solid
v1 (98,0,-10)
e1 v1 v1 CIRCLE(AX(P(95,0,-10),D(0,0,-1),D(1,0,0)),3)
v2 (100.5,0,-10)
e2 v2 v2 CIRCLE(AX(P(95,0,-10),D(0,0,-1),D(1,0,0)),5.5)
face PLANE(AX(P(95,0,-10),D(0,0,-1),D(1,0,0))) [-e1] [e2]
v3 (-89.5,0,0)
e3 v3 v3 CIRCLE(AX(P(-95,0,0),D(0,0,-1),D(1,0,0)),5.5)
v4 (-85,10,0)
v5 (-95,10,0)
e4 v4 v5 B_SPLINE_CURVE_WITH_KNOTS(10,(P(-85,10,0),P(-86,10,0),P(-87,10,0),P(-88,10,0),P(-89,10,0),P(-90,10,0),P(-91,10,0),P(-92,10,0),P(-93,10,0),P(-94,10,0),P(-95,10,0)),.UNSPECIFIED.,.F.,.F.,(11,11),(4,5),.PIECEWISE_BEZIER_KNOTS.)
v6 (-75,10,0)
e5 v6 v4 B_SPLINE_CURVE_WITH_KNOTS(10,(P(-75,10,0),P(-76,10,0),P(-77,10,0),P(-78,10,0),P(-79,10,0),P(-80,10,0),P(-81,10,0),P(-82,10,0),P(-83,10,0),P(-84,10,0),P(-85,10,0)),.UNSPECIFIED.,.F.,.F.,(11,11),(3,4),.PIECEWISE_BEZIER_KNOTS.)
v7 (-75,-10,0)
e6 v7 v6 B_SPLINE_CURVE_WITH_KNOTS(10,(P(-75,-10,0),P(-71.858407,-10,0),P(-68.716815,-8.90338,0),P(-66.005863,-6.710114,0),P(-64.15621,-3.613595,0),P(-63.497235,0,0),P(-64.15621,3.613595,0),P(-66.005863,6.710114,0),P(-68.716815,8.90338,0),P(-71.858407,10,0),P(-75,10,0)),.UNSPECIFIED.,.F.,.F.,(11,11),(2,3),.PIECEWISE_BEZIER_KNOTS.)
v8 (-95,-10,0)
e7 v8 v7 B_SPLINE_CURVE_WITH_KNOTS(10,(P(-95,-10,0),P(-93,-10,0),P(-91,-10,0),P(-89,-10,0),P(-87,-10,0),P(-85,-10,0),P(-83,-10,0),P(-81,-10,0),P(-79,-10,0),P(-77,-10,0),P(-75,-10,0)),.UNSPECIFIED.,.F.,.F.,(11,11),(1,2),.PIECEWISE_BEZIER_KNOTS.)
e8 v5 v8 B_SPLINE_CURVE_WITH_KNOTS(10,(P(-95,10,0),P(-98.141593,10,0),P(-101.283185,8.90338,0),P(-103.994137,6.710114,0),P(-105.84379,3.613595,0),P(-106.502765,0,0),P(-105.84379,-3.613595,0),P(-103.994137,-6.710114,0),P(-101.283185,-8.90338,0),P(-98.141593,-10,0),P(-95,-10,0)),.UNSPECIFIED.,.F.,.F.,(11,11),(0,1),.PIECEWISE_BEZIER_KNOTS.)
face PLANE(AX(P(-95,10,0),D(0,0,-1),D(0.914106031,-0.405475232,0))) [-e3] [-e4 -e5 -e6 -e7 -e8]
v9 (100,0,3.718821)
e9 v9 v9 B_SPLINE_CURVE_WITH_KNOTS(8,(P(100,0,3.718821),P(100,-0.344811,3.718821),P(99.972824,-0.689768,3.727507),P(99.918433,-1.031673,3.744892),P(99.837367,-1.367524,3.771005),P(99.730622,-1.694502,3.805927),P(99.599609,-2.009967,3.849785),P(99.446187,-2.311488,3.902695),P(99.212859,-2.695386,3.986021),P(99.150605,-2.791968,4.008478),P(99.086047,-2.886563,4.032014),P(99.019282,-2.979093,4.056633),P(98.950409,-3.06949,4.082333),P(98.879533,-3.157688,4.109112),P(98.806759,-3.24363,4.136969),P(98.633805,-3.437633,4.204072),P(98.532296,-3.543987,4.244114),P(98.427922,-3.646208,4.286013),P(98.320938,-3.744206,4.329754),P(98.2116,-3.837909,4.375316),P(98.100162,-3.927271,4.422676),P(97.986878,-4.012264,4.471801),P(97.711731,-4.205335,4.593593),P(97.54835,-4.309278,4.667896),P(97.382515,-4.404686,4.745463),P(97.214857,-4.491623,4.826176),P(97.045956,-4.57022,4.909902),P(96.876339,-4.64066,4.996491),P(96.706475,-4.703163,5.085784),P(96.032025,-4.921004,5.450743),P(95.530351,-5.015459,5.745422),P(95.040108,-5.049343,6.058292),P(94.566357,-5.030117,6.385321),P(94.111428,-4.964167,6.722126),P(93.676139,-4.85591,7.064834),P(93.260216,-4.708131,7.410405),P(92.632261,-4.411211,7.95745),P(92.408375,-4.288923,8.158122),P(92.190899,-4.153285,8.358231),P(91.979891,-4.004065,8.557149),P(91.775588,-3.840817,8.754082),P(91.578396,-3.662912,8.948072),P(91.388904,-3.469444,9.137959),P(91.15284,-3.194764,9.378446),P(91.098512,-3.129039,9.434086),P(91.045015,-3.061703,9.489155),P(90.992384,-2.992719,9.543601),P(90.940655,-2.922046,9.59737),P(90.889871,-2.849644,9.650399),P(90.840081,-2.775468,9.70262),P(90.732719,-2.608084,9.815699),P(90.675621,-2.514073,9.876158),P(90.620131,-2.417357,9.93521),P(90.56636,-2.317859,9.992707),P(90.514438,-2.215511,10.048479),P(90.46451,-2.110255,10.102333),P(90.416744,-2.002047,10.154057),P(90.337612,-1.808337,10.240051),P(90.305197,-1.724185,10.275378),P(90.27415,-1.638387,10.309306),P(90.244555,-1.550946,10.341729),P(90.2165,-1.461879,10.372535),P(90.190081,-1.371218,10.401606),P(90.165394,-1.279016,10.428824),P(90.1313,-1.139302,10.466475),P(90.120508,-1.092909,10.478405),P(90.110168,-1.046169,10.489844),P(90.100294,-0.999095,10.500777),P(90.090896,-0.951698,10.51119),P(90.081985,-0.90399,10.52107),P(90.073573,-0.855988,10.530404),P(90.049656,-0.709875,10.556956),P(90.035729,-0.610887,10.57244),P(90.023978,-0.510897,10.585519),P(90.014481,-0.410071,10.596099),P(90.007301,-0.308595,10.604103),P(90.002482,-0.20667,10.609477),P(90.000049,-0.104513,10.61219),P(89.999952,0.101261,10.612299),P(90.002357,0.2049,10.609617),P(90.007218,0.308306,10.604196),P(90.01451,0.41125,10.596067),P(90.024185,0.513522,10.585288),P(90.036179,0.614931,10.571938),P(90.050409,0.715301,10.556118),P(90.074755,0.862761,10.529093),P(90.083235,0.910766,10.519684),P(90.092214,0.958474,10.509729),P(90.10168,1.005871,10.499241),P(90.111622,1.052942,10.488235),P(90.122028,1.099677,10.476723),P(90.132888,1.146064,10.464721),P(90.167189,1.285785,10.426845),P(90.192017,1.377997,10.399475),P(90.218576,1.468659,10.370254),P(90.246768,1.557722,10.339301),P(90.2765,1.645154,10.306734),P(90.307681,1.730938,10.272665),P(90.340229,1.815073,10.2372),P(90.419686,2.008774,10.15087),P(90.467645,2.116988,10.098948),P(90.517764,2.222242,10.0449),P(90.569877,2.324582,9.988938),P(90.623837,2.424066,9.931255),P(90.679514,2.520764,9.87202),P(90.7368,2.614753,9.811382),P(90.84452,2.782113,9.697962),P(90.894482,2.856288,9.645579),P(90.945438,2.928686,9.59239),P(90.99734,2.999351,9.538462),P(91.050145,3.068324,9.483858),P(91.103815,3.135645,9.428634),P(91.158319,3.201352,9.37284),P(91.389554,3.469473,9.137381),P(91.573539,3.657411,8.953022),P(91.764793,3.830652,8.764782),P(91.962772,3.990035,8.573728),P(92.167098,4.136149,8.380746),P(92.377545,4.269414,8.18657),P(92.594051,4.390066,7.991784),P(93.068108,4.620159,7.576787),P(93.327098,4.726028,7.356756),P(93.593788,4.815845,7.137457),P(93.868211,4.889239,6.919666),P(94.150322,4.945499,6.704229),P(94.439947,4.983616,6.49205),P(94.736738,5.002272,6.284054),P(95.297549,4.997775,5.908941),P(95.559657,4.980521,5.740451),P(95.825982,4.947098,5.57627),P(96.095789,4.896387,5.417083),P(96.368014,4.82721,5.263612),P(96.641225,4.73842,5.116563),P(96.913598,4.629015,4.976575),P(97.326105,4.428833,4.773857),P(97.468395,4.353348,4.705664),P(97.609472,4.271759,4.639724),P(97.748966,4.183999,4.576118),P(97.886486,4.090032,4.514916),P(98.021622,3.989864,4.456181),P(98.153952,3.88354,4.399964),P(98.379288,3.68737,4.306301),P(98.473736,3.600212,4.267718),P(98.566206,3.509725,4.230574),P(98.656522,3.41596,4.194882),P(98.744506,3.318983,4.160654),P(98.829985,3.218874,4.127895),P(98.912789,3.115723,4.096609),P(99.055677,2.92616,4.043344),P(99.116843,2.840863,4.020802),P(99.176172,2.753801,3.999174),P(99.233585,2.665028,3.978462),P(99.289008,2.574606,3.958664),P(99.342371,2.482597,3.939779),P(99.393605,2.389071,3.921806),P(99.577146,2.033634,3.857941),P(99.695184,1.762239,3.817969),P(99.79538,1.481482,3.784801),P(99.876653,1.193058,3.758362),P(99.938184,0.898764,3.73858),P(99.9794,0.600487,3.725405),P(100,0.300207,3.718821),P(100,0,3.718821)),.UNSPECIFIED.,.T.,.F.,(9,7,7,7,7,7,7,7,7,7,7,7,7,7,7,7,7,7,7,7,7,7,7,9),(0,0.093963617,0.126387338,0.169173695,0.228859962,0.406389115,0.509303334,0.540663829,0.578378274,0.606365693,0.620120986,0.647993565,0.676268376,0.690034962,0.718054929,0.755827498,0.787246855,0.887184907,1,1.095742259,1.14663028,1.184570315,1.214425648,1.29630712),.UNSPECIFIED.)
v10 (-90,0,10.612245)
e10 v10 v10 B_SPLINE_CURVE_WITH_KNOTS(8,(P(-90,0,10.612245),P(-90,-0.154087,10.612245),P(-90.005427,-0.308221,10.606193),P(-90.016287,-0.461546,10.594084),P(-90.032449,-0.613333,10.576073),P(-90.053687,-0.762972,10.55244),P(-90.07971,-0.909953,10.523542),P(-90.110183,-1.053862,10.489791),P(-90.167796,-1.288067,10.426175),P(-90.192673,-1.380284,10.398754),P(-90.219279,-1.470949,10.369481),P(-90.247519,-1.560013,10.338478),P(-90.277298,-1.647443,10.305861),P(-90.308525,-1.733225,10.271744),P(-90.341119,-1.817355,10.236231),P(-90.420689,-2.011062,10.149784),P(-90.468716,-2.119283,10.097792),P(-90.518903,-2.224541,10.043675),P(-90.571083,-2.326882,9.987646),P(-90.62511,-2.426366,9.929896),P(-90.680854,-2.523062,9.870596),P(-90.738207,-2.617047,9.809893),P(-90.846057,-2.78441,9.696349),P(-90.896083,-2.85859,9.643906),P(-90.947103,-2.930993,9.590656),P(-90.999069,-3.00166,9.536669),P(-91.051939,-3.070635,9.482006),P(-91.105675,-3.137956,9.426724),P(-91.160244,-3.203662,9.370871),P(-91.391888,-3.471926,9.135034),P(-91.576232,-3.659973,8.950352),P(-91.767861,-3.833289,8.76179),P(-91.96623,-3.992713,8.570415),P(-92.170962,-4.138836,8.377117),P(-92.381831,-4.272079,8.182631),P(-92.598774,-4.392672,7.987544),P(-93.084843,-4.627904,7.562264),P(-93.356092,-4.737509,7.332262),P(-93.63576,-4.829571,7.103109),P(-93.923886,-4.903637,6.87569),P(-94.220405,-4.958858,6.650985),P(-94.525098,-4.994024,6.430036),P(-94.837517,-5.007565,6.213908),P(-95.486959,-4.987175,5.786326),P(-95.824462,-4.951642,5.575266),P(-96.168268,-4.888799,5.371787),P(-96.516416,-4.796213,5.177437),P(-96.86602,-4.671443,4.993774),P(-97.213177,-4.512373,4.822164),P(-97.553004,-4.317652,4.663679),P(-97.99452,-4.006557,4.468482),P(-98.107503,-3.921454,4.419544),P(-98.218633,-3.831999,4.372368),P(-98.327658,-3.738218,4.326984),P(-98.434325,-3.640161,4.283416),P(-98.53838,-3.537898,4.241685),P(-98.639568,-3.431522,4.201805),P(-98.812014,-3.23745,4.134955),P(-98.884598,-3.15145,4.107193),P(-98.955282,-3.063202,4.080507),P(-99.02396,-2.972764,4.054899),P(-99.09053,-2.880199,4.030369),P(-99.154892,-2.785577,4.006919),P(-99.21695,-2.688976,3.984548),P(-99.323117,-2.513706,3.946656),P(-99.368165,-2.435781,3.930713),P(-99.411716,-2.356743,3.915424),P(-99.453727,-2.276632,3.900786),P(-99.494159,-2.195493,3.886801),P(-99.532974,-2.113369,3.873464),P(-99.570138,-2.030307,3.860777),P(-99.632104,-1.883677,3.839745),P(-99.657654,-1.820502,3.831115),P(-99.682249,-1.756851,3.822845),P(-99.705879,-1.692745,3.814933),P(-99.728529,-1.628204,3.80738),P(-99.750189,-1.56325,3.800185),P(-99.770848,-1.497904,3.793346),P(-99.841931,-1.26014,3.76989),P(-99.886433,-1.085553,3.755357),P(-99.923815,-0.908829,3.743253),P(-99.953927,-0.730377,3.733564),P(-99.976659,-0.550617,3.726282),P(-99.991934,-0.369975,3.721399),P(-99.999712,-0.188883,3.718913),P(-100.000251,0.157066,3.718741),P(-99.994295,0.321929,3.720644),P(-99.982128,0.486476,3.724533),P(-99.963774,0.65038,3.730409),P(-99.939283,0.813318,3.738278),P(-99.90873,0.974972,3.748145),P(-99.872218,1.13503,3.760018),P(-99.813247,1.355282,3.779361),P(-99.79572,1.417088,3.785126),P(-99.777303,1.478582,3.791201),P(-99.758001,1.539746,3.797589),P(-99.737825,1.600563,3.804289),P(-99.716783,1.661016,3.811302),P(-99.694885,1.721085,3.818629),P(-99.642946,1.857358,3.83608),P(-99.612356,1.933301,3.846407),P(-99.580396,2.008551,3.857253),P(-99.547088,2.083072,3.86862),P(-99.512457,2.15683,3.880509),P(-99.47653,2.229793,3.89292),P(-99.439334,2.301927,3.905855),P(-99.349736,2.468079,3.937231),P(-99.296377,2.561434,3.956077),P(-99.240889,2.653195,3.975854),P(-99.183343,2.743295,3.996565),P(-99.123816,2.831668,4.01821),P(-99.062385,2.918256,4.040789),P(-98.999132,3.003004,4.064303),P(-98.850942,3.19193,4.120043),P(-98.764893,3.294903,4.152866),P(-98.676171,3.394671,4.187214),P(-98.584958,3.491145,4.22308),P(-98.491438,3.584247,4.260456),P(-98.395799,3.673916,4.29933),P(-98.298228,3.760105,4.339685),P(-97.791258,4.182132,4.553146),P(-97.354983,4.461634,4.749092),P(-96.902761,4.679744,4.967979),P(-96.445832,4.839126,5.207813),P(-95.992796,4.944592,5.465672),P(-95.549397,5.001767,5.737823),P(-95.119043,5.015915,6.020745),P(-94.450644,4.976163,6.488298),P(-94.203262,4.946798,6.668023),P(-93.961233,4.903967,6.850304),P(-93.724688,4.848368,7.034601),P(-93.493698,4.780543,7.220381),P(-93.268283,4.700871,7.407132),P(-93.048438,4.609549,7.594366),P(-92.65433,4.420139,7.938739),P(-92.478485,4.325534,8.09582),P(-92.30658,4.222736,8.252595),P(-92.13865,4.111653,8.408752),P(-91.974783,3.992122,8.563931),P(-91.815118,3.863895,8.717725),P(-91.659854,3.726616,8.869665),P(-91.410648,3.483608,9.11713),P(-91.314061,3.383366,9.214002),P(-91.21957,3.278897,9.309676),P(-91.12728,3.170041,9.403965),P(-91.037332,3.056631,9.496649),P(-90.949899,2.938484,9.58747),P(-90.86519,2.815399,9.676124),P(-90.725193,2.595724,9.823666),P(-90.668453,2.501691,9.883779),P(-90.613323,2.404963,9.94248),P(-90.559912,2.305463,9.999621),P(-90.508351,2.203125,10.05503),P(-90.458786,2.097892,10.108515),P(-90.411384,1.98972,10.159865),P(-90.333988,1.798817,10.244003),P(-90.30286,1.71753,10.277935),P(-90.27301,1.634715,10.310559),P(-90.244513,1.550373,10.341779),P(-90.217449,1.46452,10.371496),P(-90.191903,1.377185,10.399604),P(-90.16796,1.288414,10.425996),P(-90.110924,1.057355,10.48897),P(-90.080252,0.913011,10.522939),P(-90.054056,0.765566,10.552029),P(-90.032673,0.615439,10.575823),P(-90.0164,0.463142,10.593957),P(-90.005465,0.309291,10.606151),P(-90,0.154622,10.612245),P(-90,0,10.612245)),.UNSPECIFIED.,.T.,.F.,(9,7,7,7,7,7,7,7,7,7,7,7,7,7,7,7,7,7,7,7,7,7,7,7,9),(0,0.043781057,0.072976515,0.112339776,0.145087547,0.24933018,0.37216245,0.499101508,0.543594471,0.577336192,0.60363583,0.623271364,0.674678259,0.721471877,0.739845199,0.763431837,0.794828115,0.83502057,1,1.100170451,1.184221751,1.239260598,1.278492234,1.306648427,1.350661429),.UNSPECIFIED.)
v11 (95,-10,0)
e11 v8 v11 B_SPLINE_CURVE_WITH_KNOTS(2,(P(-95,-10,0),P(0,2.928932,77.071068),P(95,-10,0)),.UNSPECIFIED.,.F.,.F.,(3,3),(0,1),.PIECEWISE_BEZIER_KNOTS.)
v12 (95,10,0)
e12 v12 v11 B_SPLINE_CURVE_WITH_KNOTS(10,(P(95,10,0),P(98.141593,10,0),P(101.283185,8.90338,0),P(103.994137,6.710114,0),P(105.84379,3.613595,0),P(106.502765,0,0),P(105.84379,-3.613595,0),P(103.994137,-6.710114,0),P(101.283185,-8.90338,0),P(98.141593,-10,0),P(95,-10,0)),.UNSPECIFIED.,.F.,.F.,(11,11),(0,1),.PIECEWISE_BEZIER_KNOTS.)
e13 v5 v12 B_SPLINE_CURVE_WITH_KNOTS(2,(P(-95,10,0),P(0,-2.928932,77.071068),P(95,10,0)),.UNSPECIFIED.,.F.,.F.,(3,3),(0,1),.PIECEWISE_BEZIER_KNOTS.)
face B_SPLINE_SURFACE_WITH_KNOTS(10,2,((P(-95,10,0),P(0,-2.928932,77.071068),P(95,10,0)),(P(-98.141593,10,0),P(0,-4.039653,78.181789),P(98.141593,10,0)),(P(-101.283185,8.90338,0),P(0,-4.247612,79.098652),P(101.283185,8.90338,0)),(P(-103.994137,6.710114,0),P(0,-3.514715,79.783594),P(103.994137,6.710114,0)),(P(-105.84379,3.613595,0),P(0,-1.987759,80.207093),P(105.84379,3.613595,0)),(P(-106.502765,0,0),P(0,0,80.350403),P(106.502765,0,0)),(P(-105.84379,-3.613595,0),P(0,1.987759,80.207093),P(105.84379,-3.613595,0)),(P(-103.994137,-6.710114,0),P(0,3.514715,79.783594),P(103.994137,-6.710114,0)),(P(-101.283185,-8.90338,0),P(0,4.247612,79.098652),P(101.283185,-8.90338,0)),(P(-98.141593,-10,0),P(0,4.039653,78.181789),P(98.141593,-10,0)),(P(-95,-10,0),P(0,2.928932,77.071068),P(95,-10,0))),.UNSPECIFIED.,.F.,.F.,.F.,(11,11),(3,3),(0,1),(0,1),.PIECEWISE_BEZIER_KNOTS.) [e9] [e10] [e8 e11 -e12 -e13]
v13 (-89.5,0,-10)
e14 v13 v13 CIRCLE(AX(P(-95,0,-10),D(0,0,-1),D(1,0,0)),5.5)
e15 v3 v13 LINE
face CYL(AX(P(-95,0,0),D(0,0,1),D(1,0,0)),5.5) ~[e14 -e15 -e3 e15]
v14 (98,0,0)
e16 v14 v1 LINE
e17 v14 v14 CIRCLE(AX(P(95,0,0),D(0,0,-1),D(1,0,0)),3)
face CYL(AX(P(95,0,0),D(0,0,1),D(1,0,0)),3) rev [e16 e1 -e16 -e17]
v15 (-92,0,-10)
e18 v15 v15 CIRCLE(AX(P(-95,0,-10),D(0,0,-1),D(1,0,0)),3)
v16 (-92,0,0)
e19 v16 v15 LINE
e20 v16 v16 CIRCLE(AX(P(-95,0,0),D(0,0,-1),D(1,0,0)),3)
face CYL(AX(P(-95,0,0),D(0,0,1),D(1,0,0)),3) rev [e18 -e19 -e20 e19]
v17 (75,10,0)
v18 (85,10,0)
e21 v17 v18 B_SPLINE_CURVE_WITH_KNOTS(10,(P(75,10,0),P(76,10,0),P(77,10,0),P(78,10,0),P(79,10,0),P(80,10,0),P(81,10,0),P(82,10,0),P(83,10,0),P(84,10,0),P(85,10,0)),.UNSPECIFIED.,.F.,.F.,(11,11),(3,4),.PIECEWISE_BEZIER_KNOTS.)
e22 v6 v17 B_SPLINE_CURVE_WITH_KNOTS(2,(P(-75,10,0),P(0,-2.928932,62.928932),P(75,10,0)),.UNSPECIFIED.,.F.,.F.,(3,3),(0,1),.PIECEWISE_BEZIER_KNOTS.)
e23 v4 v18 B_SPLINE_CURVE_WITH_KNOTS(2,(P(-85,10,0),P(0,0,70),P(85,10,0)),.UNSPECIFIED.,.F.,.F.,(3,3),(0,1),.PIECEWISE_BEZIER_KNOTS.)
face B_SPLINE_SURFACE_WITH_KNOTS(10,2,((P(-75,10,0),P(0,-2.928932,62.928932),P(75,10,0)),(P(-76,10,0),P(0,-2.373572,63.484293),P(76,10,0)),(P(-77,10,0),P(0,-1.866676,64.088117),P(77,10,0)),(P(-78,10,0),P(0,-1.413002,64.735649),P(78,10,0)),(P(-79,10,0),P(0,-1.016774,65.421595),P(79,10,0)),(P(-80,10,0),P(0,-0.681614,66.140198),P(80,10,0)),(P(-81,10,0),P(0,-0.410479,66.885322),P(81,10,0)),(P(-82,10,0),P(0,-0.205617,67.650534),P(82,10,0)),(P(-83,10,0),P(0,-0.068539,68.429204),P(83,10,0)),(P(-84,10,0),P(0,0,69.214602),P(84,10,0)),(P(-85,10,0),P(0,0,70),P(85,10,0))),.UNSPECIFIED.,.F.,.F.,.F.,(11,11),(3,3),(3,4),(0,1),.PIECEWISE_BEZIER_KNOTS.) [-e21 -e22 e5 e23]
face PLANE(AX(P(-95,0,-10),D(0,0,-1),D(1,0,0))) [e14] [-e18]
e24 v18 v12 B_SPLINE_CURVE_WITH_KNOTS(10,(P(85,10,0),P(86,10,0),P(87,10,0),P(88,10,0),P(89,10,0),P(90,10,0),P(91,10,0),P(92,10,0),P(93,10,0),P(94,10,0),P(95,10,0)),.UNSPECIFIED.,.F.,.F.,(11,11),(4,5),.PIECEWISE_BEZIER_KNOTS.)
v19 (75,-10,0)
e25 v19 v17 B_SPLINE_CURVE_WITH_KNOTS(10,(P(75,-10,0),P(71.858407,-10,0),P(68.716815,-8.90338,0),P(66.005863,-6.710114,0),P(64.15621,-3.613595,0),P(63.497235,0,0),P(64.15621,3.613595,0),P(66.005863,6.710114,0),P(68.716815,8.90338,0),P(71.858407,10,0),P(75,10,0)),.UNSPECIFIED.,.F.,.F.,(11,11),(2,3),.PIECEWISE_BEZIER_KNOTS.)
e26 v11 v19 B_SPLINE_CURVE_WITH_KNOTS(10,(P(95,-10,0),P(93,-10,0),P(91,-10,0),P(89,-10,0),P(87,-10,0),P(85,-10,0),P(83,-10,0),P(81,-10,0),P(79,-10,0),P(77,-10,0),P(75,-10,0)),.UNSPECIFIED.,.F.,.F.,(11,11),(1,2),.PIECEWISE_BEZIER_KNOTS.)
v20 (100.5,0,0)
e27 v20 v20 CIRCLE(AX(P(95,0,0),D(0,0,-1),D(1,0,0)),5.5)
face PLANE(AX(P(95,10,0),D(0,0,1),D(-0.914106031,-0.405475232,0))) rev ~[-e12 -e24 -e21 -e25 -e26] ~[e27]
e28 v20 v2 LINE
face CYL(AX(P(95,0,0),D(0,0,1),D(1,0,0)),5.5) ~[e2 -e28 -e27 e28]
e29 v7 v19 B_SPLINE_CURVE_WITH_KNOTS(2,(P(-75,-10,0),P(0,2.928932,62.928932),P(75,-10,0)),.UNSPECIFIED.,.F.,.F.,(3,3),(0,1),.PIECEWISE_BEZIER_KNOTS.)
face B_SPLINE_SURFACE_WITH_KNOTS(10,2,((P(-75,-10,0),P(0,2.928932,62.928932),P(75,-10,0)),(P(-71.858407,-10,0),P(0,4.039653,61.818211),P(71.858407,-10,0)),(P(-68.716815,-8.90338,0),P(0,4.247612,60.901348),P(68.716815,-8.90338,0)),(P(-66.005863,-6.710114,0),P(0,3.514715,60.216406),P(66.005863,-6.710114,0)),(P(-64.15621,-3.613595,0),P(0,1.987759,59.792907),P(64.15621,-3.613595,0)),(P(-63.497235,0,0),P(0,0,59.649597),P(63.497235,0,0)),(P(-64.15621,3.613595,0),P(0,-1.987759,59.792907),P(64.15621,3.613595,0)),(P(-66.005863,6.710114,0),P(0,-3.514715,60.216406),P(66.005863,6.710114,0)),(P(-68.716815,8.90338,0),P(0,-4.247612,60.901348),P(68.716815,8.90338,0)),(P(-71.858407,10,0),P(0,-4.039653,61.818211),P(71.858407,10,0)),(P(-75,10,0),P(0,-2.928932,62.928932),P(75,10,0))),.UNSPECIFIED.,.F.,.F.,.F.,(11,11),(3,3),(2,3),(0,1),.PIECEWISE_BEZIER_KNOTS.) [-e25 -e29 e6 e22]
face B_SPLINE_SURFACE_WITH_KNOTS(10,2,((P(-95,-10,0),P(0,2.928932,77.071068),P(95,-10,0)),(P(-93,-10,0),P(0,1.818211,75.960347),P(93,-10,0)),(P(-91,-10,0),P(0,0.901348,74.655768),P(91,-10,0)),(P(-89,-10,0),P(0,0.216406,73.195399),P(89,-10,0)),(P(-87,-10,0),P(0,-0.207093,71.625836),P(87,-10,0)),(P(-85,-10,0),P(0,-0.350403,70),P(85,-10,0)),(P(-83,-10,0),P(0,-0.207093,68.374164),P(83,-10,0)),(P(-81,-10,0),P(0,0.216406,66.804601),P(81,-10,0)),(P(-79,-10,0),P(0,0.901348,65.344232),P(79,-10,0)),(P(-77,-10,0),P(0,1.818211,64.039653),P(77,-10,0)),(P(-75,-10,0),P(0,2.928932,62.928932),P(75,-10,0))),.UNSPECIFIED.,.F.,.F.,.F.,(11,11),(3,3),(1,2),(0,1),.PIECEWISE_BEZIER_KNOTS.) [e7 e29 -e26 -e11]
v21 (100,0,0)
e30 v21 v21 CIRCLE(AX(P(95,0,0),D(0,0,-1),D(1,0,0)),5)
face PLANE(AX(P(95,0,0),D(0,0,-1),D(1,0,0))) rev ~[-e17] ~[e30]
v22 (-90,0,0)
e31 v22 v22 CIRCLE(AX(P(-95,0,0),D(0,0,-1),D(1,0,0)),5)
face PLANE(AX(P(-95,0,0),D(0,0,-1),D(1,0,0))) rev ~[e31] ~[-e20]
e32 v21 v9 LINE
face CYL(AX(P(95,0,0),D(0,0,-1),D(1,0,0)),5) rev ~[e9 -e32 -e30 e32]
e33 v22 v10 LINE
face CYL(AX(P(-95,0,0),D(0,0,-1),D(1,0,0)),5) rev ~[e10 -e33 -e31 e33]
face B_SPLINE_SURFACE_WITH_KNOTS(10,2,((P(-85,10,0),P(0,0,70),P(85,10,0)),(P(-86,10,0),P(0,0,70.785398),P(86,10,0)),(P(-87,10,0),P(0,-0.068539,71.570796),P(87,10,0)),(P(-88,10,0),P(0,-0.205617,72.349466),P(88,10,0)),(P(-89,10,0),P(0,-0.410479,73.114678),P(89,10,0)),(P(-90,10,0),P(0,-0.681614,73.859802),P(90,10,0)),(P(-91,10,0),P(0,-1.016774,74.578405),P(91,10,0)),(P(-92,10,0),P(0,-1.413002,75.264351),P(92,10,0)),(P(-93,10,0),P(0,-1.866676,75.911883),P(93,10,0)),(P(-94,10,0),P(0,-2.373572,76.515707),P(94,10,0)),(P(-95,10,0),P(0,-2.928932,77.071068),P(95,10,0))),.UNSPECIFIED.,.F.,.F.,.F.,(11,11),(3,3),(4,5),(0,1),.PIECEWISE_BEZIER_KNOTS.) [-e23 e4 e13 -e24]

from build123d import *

# Parameters (mm, degrees)
SKETCH001_R   = 5
SKETCH003_R   = 5
POCKET_DEPTH  = 39.997504
SKETCH004_R   = 5.5
SKETCH004_R_2 = 3
PAD_DEPTH     = 10


with BuildPart() as part:
    # Sketch → AdditiveLoft section 0
    with BuildSketch(Plane.XY):
        with BuildLine():
            ThreePointArc((-95, 10), (-105, 0), (-95, -10))
            Line((-95, -10), (-75, -10))
            ThreePointArc((-75, -10), (-65, 0), (-75, 10))
            Line((-95, 10), (-75, 10))
        make_face()
    # Sketch001 → AdditiveLoft section 1
    with BuildSketch(Plane.YZ):
        with Locations((0, 35)):
            Circle(SKETCH001_R)
    # Sketch002 → AdditiveLoft section 2
    with BuildSketch(Plane.XY):
        with BuildLine():
            ThreePointArc((75, 10), (65, 0), (75, -10))
            Line((75, -10), (95, -10))
            ThreePointArc((95, -10), (105, 0), (95, 10))
            Line((75, 10), (95, 10))
        make_face()
    loft()

    # Sketch003 (on Face1 of AdditiveLoft) → Pocket (cut, through all)
    with BuildSketch(Plane(origin=(0, 0, 0), x_dir=(1, 0, 0), z_dir=(0, 0, -1))):
        with Locations((-95, 0)):
            Circle(SKETCH003_R)
        with Locations((95, 0)):
            Circle(SKETCH003_R)
    extrude(amount=-POCKET_DEPTH, mode=Mode.SUBTRACT)

    # Sketch004 (on Face8 of Pocket) → Pad (join)
    with BuildSketch(Plane(origin=(0, 0, 0), x_dir=(1, 0, 0), z_dir=(0, 0, -1))):
        with Locations((-95, 0)):
            Circle(SKETCH004_R)
        with Locations((-95, 0)):
            Circle(SKETCH004_R_2, mode=Mode.SUBTRACT)
        with Locations((95, 0)):
            Circle(SKETCH004_R)
        with Locations((95, 0)):
            Circle(SKETCH004_R_2, mode=Mode.SUBTRACT)
    extrude(amount=PAD_DEPTH)


solid = part.part
